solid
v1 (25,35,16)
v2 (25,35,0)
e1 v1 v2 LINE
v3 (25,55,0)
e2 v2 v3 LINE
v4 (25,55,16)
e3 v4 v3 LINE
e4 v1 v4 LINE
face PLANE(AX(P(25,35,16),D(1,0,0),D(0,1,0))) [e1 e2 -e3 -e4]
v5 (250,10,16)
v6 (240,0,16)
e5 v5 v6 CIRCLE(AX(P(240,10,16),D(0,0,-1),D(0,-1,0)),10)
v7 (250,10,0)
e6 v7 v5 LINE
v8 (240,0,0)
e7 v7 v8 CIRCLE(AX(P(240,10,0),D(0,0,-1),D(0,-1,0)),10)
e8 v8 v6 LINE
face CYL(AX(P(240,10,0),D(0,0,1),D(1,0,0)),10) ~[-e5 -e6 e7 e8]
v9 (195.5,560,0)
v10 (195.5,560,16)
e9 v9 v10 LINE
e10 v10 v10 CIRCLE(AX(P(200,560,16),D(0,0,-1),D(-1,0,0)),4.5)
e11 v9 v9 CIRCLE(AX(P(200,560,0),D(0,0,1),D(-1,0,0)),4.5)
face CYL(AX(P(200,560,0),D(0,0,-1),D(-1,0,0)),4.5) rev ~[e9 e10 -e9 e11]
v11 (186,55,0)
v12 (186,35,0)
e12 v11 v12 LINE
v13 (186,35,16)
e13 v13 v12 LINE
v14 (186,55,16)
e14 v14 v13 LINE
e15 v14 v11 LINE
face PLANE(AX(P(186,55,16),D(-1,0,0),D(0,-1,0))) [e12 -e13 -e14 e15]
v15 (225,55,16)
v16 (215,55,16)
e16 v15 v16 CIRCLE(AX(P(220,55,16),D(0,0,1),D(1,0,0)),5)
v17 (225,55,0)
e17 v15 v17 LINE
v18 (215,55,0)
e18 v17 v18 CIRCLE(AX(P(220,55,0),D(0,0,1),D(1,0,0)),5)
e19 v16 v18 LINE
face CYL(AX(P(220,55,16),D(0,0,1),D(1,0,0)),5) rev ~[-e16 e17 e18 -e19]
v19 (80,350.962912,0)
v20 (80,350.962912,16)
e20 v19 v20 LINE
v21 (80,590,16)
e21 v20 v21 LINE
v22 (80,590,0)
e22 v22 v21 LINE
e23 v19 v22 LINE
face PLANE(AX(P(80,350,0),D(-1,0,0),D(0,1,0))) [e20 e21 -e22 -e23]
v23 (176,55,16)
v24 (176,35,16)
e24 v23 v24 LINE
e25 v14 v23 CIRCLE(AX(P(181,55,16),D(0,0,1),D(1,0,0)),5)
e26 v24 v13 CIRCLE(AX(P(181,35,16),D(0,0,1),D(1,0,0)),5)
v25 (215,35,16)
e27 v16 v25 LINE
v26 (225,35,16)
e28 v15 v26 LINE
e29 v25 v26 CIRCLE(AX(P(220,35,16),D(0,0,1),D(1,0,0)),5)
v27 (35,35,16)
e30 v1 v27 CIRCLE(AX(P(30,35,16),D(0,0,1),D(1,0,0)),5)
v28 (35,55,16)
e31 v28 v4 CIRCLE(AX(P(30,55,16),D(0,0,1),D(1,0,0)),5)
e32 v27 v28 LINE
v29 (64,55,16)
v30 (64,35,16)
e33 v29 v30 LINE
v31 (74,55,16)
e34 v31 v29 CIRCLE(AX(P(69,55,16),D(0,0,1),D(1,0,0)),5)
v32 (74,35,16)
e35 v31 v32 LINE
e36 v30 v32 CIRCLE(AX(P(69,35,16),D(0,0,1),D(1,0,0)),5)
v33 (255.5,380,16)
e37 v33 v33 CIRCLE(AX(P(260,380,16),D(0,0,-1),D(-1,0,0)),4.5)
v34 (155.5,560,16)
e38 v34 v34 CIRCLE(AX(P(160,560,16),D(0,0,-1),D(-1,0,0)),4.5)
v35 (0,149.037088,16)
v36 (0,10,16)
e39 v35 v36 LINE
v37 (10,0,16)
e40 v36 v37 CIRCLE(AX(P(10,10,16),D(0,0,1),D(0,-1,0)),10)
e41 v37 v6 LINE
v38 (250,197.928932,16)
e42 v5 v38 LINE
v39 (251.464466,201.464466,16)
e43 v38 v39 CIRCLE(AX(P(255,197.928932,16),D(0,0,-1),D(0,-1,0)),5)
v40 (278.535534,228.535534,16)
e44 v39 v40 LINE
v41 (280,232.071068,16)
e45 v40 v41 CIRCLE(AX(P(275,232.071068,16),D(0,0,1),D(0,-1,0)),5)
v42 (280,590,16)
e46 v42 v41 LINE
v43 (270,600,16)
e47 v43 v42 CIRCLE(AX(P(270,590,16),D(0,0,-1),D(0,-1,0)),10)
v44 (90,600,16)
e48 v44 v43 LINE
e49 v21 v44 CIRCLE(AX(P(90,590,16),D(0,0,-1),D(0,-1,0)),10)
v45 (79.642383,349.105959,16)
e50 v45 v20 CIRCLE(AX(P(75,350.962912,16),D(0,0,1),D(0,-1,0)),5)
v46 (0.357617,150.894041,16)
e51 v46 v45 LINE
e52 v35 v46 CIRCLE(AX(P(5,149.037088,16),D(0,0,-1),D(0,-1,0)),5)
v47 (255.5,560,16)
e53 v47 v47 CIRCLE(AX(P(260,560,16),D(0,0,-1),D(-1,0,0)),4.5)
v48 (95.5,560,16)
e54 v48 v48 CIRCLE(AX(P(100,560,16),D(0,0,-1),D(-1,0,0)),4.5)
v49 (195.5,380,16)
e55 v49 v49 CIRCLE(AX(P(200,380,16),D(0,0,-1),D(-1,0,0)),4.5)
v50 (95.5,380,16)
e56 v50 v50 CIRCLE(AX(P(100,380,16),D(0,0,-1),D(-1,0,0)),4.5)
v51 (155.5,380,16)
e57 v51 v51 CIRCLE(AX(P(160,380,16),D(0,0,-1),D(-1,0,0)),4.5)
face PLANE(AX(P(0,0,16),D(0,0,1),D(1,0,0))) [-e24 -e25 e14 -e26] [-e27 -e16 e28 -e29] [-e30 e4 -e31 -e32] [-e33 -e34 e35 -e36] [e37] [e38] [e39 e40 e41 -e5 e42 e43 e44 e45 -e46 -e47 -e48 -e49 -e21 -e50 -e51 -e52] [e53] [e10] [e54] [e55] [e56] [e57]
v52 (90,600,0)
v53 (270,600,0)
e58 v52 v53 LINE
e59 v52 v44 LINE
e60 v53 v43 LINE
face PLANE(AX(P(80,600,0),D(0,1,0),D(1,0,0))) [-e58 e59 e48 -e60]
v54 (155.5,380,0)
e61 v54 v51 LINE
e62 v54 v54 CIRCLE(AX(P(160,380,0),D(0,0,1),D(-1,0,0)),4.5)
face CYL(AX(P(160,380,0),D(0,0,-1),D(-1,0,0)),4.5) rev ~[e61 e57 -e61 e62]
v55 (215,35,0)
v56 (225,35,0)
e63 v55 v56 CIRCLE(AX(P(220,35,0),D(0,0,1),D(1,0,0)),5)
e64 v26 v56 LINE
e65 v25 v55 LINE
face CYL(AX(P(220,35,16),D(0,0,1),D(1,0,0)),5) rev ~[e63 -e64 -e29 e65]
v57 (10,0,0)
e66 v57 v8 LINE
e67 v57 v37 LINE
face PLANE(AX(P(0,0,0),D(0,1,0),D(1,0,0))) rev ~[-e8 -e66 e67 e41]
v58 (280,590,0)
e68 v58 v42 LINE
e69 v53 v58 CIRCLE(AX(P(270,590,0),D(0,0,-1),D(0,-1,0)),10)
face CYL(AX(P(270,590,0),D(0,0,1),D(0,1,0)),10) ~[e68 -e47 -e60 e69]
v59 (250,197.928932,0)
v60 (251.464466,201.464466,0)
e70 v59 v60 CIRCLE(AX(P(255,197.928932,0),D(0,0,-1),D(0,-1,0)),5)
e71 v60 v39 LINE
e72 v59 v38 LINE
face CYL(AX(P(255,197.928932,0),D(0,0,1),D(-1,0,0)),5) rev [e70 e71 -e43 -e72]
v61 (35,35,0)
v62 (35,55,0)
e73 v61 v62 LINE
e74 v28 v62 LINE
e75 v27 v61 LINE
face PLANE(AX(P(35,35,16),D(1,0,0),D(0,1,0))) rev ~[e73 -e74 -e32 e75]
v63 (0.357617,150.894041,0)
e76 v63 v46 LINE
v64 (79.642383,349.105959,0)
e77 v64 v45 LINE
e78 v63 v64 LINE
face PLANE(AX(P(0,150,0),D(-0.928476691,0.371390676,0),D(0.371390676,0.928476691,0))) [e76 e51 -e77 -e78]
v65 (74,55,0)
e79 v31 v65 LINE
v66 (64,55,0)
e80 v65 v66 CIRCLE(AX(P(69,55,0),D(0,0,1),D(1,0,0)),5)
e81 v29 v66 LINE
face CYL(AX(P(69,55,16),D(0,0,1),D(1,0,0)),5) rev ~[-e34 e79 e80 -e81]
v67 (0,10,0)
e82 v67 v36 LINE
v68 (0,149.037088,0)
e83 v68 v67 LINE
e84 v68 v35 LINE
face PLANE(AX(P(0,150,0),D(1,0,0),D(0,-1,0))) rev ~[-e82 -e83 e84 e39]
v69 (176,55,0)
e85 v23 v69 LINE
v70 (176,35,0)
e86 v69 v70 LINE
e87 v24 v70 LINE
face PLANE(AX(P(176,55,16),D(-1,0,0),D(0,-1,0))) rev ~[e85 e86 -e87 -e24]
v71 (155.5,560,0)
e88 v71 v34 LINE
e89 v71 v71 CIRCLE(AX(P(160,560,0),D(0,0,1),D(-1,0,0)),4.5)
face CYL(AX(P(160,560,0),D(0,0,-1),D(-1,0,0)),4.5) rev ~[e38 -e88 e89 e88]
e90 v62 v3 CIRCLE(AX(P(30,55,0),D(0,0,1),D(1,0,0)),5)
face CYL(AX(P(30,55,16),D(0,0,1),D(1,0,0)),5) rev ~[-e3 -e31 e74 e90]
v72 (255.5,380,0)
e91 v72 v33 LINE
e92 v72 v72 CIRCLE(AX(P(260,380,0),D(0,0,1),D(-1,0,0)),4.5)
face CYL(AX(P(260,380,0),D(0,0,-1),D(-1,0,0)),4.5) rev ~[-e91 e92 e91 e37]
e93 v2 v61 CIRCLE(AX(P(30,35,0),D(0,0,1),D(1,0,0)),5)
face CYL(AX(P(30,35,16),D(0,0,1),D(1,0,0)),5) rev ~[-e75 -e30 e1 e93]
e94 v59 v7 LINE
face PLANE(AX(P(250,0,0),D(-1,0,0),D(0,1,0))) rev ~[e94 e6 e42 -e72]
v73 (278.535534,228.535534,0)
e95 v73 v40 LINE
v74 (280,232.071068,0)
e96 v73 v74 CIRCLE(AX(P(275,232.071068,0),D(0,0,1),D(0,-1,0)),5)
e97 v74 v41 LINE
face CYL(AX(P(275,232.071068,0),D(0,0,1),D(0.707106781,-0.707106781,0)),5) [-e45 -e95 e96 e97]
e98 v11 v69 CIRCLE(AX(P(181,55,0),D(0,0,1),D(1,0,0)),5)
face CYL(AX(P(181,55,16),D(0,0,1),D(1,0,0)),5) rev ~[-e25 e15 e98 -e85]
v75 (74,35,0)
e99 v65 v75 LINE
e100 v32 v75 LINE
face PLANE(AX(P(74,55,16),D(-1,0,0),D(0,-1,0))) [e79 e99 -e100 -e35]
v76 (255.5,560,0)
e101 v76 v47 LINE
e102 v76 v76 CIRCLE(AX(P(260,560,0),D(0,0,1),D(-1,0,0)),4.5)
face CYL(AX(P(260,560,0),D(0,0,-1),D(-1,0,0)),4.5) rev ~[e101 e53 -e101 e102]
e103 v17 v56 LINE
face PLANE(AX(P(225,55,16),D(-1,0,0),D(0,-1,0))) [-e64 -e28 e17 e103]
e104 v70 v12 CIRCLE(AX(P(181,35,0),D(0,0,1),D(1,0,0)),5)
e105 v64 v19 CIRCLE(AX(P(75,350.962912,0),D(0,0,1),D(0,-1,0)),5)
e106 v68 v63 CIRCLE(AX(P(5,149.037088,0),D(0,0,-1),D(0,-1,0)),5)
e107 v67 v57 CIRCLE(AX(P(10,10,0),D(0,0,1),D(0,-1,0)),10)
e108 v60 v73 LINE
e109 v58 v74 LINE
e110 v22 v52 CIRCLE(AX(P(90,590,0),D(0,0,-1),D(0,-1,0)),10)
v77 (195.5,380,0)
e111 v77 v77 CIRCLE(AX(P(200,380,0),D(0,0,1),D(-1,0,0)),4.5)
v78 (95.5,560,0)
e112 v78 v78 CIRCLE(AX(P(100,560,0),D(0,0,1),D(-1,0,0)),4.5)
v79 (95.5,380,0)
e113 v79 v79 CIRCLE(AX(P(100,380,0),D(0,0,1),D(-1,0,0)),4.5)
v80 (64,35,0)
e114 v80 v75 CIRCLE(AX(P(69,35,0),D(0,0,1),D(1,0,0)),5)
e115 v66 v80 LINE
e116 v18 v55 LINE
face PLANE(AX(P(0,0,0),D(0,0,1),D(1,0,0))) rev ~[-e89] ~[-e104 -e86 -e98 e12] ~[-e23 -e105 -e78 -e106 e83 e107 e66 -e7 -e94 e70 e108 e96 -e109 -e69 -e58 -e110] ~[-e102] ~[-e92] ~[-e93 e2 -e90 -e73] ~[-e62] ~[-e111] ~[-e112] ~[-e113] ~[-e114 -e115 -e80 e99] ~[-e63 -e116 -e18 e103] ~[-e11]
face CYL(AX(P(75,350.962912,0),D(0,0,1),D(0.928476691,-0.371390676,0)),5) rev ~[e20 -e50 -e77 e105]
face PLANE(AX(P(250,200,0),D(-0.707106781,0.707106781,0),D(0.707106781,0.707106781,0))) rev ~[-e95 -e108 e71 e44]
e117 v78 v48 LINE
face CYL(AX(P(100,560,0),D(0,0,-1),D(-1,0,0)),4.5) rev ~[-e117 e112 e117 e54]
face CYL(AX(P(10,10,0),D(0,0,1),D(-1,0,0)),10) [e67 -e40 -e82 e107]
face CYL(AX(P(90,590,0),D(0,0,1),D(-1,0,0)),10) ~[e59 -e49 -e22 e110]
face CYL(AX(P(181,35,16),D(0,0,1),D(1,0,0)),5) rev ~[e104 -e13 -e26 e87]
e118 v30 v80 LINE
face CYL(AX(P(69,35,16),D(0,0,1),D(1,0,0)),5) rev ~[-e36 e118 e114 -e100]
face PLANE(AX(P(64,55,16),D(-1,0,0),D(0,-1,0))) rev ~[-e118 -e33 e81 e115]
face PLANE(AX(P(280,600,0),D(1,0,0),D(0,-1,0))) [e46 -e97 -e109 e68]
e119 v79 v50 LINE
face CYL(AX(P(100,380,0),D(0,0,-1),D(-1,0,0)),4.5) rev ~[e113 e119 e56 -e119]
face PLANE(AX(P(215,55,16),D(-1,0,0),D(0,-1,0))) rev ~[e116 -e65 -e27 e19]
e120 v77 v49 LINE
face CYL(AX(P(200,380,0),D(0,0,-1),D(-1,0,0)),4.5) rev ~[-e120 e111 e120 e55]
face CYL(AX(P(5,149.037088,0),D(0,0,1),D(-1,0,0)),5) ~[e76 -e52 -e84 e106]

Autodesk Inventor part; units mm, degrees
ref_plane "YZ Plane" through (0, 0, 0) normal (1, 0, 0) x (0, 1, 0)
ref_plane "XZ Plane" through (0, 0, 0) normal (0, 1, 0) x (-1, 0, 0)
ref_plane "XY Plane" through (0, 0, 0) normal (0, 0, 1) x (1, 0, 0)
sketch "Sketch1" plane through (0, 0, 0) normal (0, 0, 1) x (1, 0, 0)
  line L0 (0, 0) -> (250, 0)
  line L1 (250, 0) -> (250, 150)
  line L2 (0, 150) -> (0, 0)
  line L3 (0, 150) -> (80, 350)
  line L4 (80, 350) -> (80, 600)
  line L5 (280, 600) -> (280, 230)
  line L6 (250, 150) -> (250, 200)
  line L7 (250, 200) -> (280, 230)
  line L8 (80, 600) -> (280, 600)
  dimension "d0" = 250
  dimension "d1" = 150
  dimension "d3" = 80
  dimension "d5" = 30
  dimension "d6" = 50
  dimension "d8" = 600
  dimension "d9" = 200
  dimension "d10" = 30
  dimension "d11" = 150
extrude "Extrusion1" add sketch "Sketch1" along normal blind 16
fillet "Fillet1" radius 10 4 edges at (80, 600, 8) (280, 600, 8) (0, 0, 8) (250, 0, 8)
sketch "Sketch9" plane through (0, 0, 16) normal (0, 0, 1) x (1, 0, 0)
  line L0 (0, 150) -> (0, 10) projected
  line L1 (0, 35) -> (250, 35)
  line L2 (250, 10) -> (250, 200) projected
  line L3 (10, 0) -> (240, 0) projected
  circle A0 centre (30, 35) radius 5
  circle A1 centre (69, 35) radius 5
  circle A2 centre (181, 35) radius 5
  circle A3 centre (220, 35) radius 5
  line L4 (25, 35) -> (25, 55)
  line L5 (35, 35) -> (35, 55)
  circle A4 centre (30, 55) radius 5
  circle A5 centre (69, 55) radius 5
  line L6 (64, 55) -> (64, 35)
  line L7 (74, 55) -> (74, 35)
  line L8 (0, 100) -> (250, 100)
  circle A6 centre (125, 50) radius 5
  circle A7 centre (220, 55) radius 5
  line L9 (215, 55) -> (215, 35)
  line L10 (225, 55) -> (225, 35)
  circle A8 centre (181, 55) radius 5
  line L11 (176, 55) -> (176, 35)
  line L12 (186, 55) -> (186, 35)
  point P0 (0, 0)
  point P1 (0, 148.0742)
  point P2 (250, 196.6667)
  point P3 (125, 100)
  dimension "d111" = 35
  dimension "d112" = 30
  dimension "d113" = 10
  dimension "d114" = 20
  dimension "d116" = 10
  dimension "d117" = 10
  dimension "d118" = 10
  dimension "d119" = 20
  dimension "d120" = 100
  dimension "d121" = 10
  dimension "d122" = 50
  dimension "d123" = 30
  dimension "d124" = 20
  dimension "d127" = 29
  dimension "d128" = 29
  dimension "d129" = 20
  dimension "d153" = 10
  dimension "d154" = 0
  dimension "d155" = 10
  dimension "d156" = 10
  dimension "d157" = 10
extrude "Extrusion7" cut sketch "Sketch9" against normal through all contours A0 L1 | L4 A4 L5 A0 | L1 A0 | A4 | A3 L1 | L1 A3 | A3 L9 A7 L10 | A1 L1 | L6 A5 L7 A1 | L1 A1 | A7 | A5 | A2 L1 | L1 A2 | A2 L11 A8 L12 | A8
sketch "Sketch10" plane through (0, 0, 0) normal (0, 0, -1) x (-1, 0, 0)
  line L0 (-280, 230) -> (-280, 590) projected
  line L1 (-280, 560) -> (-80, 560)
  line L2 (-80, 590) -> (-80, 350) projected
  line L3 (-270, 600) -> (-90, 600) projected
  line L4 (-270, 600) -> (-90, 600) projected
  line L5 (-180, 600) -> (-180, 520)
  line L6 (-200, 580) -> (-160, 580)
  line L7 (-160, 580) -> (-160, 540)
  line L8 (-160, 540) -> (-200, 540)
  line L9 (-200, 540) -> (-200, 580)
  line L10 (-200, 580) -> (-160, 540) construction
  line L11 (-160, 580) -> (-200, 540) construction
  circle A0 centre (-200, 560) radius 4.5
  circle A1 centre (-160, 560) radius 4.5
  circle A2 centre (-260, 560) radius 4.5
  circle A3 centre (-100, 560) radius 4.5
  line L12 (-180, 520) -> (-180, 380)
  line L13 (-200, 400) -> (-160, 400)
  line L14 (-160, 400) -> (-160, 360)
  line L15 (-160, 360) -> (-200, 360)
  line L16 (-200, 360) -> (-200, 400)
  line L17 (-200, 400) -> (-160, 360) construction
  line L18 (-160, 400) -> (-200, 360) construction
  line L19 (-280, 380) -> (-80, 380)
  circle A4 centre (-260, 380) radius 4.5
  circle A5 centre (-100, 380) radius 4.5
  circle A6 centre (-200, 380) radius 4.5
  circle A7 centre (-160, 380) radius 4.5
  point P0 (0, 0)
  point P1 (-280, 243.3333)
  point P2 (-80, 351.9258)
  point P3 (-180, 560)
  dimension "d130" = 40
  dimension "d131" = 80
  dimension "d132" = 40
  dimension "d133" = 40
  dimension "d134" = 9
  dimension "d135" = 9
  dimension "d136" = 9
  dimension "d137" = 9
  dimension "d138" = 60
  dimension "d139" = 60
  dimension "d140" = 140
  dimension "d141" = 40
  dimension "d142" = 40
  dimension "d143" = 9
  dimension "d144" = 220
  dimension "d145" = 9
  dimension "d146" = 9
  dimension "d147" = 9
  dimension "d148" = 60
  dimension "d149" = 60
extrude "Extrusion8" cut sketch "Sketch10" against normal through all contours A4 L19 | L19 A4 | A2 L1 | L1 A2 | A6 L16 L19 | L19 L16 A6 | A0 L9 L1 | L1 L9 A0 | L19 A6 L16 | L16 A6 L19 | L9 A0 L1 | L1 A0 L9 | A7 L14 L19 | L19 L14 A7 | L14 L19 A7 | A1 L7 L1 | L1 L7 A1 | L14 A7 L19 | L7 A1 L1 | L1 A1 L7 | A5 L19 | L19 A5 | A3 L1 | L1 A3
fillet "Fillet3" radius 5 4 edges at (280, 230, 8) (250, 200, 8) (0, 150, 8) (80, 350, 8)
properties part number "PA1"
